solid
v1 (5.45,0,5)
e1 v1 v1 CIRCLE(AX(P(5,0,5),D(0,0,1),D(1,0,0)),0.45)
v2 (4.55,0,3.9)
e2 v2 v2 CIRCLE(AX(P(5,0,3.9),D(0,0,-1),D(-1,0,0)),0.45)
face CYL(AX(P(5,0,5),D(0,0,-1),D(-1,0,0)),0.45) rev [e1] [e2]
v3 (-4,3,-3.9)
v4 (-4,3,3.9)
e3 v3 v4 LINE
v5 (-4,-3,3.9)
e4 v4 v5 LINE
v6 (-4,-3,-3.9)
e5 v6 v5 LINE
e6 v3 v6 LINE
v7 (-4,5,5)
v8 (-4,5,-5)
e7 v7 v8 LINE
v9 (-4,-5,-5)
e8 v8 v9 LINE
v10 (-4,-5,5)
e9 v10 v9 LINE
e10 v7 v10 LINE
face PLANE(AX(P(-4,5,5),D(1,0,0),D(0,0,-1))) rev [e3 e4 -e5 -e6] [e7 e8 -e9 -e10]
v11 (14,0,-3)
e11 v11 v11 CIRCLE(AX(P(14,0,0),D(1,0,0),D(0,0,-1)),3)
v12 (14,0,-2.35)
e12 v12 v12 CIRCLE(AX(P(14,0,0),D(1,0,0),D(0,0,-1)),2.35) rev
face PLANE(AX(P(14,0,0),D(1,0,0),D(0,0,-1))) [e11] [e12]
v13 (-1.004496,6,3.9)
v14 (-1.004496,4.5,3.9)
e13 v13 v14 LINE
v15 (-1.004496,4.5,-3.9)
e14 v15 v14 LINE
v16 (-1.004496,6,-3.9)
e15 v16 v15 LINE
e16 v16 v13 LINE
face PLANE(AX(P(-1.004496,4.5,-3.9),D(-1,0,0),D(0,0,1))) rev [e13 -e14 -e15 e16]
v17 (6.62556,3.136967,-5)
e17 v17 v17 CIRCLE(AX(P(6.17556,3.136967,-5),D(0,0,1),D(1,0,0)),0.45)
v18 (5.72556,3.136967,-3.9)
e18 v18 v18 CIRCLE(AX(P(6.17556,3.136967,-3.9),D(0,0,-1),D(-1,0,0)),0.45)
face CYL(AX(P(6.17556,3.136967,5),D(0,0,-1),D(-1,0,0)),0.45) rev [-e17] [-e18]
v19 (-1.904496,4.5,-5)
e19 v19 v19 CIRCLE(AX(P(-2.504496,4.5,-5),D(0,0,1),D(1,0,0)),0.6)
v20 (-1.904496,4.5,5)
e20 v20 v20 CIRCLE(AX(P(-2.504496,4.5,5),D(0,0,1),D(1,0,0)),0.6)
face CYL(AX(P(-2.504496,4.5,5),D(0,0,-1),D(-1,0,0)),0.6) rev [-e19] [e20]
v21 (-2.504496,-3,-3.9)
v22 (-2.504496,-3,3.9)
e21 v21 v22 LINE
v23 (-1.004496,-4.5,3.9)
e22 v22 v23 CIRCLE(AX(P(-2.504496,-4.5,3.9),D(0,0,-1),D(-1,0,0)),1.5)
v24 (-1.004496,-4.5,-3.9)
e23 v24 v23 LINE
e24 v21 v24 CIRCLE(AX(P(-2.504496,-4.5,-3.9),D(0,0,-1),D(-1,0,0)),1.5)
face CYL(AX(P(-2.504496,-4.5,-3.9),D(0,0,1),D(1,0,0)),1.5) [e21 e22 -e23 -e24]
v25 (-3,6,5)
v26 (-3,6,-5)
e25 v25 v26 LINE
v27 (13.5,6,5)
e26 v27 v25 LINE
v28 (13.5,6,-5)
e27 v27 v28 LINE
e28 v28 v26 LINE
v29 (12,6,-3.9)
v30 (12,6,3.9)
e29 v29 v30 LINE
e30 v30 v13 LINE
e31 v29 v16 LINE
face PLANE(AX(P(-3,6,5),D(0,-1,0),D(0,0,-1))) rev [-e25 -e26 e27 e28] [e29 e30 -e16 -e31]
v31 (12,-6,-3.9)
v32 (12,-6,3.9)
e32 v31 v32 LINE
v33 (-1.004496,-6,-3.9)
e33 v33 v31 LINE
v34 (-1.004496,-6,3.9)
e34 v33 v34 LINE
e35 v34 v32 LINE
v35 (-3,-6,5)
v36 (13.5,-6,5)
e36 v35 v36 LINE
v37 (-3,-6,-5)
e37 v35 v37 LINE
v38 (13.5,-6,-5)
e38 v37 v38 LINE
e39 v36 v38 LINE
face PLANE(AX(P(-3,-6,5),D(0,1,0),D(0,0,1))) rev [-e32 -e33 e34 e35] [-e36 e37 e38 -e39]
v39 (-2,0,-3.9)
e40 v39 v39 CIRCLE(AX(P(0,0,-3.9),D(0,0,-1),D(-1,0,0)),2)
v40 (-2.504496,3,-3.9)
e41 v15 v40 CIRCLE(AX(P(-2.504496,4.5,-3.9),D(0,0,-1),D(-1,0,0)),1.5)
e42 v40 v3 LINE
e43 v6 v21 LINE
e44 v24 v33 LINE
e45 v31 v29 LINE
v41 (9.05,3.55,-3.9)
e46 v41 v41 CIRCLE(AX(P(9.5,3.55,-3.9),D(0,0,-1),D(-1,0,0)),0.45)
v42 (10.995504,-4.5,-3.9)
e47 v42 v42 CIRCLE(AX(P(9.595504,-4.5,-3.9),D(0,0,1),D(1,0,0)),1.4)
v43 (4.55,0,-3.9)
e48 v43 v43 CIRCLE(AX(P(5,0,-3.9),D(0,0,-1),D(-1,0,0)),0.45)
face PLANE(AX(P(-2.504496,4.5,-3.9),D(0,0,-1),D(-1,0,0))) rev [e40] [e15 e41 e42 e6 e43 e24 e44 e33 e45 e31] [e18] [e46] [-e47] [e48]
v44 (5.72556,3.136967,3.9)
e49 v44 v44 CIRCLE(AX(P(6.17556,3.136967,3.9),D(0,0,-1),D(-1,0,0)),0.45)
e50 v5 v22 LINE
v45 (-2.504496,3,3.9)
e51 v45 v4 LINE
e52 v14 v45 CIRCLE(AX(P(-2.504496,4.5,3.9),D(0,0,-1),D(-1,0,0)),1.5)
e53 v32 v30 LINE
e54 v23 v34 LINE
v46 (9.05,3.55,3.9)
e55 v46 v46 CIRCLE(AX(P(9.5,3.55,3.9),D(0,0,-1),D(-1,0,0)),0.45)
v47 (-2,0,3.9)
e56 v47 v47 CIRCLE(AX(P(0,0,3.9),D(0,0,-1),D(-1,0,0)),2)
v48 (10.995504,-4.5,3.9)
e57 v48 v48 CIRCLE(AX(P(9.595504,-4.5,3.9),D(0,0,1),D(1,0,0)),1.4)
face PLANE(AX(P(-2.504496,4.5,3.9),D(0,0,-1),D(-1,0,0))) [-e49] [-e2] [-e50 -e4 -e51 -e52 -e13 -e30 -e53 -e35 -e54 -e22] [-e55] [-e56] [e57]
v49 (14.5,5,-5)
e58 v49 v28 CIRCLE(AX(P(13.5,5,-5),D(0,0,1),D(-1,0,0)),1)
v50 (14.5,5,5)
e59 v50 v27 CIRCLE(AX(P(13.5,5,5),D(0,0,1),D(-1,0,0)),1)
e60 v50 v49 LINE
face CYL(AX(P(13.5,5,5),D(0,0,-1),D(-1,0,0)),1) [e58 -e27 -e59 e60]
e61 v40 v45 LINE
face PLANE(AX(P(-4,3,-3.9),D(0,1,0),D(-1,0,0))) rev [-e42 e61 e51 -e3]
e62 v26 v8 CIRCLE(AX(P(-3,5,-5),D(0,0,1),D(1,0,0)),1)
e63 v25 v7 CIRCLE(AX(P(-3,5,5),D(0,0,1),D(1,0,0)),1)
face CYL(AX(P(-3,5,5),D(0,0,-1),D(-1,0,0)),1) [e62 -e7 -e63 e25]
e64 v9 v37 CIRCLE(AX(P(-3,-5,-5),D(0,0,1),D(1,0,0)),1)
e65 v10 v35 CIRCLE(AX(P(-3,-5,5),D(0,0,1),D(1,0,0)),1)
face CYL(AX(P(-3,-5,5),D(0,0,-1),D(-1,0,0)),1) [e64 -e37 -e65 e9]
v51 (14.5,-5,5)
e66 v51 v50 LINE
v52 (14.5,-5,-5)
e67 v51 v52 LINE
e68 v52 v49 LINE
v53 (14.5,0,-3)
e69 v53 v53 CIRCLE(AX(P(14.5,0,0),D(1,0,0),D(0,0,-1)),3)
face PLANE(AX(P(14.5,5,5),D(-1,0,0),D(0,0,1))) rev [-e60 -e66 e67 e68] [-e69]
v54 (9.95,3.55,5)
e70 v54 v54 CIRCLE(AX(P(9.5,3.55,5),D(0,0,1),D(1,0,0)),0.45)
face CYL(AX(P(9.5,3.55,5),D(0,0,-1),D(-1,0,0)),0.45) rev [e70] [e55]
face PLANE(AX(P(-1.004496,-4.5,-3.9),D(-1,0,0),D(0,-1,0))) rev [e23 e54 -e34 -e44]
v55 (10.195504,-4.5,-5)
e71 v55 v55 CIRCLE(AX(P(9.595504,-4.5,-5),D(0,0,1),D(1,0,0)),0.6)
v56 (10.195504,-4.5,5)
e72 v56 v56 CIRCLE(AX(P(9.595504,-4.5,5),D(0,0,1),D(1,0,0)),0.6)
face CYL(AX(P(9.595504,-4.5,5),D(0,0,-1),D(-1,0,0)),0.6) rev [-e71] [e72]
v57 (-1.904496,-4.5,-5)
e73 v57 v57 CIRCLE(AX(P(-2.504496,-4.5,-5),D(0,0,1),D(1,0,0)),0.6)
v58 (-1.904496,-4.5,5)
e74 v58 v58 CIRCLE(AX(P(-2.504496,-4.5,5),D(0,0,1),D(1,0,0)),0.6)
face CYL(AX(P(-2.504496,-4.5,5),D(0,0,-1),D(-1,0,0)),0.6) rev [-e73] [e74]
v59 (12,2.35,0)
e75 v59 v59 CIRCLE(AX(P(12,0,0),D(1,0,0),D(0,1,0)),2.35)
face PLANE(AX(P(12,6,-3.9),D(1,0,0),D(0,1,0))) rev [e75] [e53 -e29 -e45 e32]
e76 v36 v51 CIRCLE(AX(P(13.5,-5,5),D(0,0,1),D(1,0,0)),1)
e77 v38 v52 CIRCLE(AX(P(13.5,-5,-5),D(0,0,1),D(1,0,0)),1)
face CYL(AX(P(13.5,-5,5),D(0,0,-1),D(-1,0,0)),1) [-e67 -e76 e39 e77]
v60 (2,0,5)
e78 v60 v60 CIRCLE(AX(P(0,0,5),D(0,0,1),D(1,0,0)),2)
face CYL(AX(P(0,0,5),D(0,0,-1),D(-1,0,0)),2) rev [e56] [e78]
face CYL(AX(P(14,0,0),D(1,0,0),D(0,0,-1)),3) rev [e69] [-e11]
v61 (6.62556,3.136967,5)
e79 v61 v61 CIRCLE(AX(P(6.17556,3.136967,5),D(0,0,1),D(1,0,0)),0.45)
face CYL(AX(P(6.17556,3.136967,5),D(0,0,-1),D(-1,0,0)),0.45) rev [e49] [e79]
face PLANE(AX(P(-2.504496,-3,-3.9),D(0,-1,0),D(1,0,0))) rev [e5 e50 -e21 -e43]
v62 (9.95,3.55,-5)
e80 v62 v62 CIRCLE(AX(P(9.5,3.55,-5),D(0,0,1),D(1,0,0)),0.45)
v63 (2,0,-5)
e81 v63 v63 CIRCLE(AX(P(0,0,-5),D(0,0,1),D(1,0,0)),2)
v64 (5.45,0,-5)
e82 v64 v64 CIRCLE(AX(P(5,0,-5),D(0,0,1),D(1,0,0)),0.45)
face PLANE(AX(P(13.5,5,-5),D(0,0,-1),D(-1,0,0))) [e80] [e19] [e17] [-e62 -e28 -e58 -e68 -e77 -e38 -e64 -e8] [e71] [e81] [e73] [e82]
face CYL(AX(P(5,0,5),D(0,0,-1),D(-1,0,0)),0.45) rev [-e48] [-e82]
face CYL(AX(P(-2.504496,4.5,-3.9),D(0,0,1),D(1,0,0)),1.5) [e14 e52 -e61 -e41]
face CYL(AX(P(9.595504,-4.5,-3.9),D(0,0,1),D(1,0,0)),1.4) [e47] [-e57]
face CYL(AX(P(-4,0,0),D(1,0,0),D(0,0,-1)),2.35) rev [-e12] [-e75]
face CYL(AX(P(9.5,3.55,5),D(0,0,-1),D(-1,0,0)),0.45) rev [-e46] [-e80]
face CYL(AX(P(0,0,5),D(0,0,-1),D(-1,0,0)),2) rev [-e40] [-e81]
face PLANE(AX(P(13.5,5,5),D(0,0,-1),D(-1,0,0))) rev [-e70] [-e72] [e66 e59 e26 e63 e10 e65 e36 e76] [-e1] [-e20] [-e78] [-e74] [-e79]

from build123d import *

# Parameters (mm, degrees)
BODYSKE_R   = 2
BODYSKE_R_2 = 0.45
BODYSKE_R_3 = 0.6
BODY_DEPTH  = 5
BOXSKE_R    = 1.4
BOX_DEPTH   = 3.9
HOLESKE_R   = 2.35
HOLE_DEPTH  = 21.081085628
PADSKE_R    = 3
PAD_DEPTH   = 0.5


with BuildPart() as part:
    # BodySke → Body (new, symmetric)
    with BuildSketch(Plane.XY):
        with BuildLine():
            Line((-3, 6), (13.5, 6))
            ThreePointArc((13.5, 6), (14.207106781, 5.707106781), (14.5, 5))
            Line((14.5, 5), (14.5, -5))
            ThreePointArc((14.5, -5), (14.207106781, -5.707106781), (13.5, -6))
            Line((13.5, -6), (-3, -6))
            ThreePointArc((-3, -6), (-3.707106781, -5.707106781), (-4, -5))
            Line((-4, -5), (-4, 5))
            ThreePointArc((-4, 5), (-3.707106781, 5.707106781), (-3, 6))
        make_face()
        Circle(BODYSKE_R, mode=Mode.SUBTRACT)
        with Locations((5, 0)):
            Circle(BODYSKE_R_2, mode=Mode.SUBTRACT)
        with Locations((-2.504495957, 4.5)):
            Circle(BODYSKE_R_3, mode=Mode.SUBTRACT)
        with Locations((-2.504495957, -4.5)):
            Circle(BODYSKE_R_3, mode=Mode.SUBTRACT)
        with Locations((6.175559685, 3.136966596)):
            Circle(BODYSKE_R_2, mode=Mode.SUBTRACT)
        with Locations((9.5, 3.55)):
            Circle(BODYSKE_R_2, mode=Mode.SUBTRACT)
        with Locations((9.595504043, -4.5)):
            Circle(BODYSKE_R_3, mode=Mode.SUBTRACT)
    extrude(amount=BODY_DEPTH, both=True)

    # BoxSke → Box (cut, symmetric)
    with BuildSketch(Plane.XY):
        with BuildLine():
            Line((12, 6), (12, -6))
            Line((12, -6), (-1.004495957, -6))
            Line((-1.004495957, -6), (-1.004495957, -4.5))
            ThreePointArc((-1.004495957, -4.5), (-1.443835785, -3.439339828), (-2.504495957, -3))
            Line((-2.504495957, -3), (-4, -3))
            Line((-4, -3), (-4, 3))
            Line((-4, 3), (-2.504495957, 3))
            ThreePointArc((-2.504495957, 3), (-1.443835785, 3.439339828), (-1.004495957, 4.5))
            Line((-1.004495957, 4.5), (-1.004495957, 6))
            Line((-1.004495957, 6), (12, 6))
        make_face()
        with Locations((9.595504043, -4.5)):
            Circle(BOXSKE_R, mode=Mode.SUBTRACT)
    extrude(amount=BOX_DEPTH, both=True, mode=Mode.SUBTRACT)

    # HoleSke → Hole (cut, through all)
    with BuildSketch(Plane(origin=(14.5, 0, 0), x_dir=(0, 0, -1), z_dir=(1, 0, 0))):
        Circle(HOLESKE_R)
    extrude(amount=-HOLE_DEPTH, mode=Mode.SUBTRACT)

    # PadSke → Pad (cut)
    with BuildSketch(Plane(origin=(14.5, 0, 0), x_dir=(0, 0, -1), z_dir=(1, 0, 0))):
        Circle(PADSKE_R)
    extrude(amount=-PAD_DEPTH, mode=Mode.SUBTRACT)


solid = part.part
